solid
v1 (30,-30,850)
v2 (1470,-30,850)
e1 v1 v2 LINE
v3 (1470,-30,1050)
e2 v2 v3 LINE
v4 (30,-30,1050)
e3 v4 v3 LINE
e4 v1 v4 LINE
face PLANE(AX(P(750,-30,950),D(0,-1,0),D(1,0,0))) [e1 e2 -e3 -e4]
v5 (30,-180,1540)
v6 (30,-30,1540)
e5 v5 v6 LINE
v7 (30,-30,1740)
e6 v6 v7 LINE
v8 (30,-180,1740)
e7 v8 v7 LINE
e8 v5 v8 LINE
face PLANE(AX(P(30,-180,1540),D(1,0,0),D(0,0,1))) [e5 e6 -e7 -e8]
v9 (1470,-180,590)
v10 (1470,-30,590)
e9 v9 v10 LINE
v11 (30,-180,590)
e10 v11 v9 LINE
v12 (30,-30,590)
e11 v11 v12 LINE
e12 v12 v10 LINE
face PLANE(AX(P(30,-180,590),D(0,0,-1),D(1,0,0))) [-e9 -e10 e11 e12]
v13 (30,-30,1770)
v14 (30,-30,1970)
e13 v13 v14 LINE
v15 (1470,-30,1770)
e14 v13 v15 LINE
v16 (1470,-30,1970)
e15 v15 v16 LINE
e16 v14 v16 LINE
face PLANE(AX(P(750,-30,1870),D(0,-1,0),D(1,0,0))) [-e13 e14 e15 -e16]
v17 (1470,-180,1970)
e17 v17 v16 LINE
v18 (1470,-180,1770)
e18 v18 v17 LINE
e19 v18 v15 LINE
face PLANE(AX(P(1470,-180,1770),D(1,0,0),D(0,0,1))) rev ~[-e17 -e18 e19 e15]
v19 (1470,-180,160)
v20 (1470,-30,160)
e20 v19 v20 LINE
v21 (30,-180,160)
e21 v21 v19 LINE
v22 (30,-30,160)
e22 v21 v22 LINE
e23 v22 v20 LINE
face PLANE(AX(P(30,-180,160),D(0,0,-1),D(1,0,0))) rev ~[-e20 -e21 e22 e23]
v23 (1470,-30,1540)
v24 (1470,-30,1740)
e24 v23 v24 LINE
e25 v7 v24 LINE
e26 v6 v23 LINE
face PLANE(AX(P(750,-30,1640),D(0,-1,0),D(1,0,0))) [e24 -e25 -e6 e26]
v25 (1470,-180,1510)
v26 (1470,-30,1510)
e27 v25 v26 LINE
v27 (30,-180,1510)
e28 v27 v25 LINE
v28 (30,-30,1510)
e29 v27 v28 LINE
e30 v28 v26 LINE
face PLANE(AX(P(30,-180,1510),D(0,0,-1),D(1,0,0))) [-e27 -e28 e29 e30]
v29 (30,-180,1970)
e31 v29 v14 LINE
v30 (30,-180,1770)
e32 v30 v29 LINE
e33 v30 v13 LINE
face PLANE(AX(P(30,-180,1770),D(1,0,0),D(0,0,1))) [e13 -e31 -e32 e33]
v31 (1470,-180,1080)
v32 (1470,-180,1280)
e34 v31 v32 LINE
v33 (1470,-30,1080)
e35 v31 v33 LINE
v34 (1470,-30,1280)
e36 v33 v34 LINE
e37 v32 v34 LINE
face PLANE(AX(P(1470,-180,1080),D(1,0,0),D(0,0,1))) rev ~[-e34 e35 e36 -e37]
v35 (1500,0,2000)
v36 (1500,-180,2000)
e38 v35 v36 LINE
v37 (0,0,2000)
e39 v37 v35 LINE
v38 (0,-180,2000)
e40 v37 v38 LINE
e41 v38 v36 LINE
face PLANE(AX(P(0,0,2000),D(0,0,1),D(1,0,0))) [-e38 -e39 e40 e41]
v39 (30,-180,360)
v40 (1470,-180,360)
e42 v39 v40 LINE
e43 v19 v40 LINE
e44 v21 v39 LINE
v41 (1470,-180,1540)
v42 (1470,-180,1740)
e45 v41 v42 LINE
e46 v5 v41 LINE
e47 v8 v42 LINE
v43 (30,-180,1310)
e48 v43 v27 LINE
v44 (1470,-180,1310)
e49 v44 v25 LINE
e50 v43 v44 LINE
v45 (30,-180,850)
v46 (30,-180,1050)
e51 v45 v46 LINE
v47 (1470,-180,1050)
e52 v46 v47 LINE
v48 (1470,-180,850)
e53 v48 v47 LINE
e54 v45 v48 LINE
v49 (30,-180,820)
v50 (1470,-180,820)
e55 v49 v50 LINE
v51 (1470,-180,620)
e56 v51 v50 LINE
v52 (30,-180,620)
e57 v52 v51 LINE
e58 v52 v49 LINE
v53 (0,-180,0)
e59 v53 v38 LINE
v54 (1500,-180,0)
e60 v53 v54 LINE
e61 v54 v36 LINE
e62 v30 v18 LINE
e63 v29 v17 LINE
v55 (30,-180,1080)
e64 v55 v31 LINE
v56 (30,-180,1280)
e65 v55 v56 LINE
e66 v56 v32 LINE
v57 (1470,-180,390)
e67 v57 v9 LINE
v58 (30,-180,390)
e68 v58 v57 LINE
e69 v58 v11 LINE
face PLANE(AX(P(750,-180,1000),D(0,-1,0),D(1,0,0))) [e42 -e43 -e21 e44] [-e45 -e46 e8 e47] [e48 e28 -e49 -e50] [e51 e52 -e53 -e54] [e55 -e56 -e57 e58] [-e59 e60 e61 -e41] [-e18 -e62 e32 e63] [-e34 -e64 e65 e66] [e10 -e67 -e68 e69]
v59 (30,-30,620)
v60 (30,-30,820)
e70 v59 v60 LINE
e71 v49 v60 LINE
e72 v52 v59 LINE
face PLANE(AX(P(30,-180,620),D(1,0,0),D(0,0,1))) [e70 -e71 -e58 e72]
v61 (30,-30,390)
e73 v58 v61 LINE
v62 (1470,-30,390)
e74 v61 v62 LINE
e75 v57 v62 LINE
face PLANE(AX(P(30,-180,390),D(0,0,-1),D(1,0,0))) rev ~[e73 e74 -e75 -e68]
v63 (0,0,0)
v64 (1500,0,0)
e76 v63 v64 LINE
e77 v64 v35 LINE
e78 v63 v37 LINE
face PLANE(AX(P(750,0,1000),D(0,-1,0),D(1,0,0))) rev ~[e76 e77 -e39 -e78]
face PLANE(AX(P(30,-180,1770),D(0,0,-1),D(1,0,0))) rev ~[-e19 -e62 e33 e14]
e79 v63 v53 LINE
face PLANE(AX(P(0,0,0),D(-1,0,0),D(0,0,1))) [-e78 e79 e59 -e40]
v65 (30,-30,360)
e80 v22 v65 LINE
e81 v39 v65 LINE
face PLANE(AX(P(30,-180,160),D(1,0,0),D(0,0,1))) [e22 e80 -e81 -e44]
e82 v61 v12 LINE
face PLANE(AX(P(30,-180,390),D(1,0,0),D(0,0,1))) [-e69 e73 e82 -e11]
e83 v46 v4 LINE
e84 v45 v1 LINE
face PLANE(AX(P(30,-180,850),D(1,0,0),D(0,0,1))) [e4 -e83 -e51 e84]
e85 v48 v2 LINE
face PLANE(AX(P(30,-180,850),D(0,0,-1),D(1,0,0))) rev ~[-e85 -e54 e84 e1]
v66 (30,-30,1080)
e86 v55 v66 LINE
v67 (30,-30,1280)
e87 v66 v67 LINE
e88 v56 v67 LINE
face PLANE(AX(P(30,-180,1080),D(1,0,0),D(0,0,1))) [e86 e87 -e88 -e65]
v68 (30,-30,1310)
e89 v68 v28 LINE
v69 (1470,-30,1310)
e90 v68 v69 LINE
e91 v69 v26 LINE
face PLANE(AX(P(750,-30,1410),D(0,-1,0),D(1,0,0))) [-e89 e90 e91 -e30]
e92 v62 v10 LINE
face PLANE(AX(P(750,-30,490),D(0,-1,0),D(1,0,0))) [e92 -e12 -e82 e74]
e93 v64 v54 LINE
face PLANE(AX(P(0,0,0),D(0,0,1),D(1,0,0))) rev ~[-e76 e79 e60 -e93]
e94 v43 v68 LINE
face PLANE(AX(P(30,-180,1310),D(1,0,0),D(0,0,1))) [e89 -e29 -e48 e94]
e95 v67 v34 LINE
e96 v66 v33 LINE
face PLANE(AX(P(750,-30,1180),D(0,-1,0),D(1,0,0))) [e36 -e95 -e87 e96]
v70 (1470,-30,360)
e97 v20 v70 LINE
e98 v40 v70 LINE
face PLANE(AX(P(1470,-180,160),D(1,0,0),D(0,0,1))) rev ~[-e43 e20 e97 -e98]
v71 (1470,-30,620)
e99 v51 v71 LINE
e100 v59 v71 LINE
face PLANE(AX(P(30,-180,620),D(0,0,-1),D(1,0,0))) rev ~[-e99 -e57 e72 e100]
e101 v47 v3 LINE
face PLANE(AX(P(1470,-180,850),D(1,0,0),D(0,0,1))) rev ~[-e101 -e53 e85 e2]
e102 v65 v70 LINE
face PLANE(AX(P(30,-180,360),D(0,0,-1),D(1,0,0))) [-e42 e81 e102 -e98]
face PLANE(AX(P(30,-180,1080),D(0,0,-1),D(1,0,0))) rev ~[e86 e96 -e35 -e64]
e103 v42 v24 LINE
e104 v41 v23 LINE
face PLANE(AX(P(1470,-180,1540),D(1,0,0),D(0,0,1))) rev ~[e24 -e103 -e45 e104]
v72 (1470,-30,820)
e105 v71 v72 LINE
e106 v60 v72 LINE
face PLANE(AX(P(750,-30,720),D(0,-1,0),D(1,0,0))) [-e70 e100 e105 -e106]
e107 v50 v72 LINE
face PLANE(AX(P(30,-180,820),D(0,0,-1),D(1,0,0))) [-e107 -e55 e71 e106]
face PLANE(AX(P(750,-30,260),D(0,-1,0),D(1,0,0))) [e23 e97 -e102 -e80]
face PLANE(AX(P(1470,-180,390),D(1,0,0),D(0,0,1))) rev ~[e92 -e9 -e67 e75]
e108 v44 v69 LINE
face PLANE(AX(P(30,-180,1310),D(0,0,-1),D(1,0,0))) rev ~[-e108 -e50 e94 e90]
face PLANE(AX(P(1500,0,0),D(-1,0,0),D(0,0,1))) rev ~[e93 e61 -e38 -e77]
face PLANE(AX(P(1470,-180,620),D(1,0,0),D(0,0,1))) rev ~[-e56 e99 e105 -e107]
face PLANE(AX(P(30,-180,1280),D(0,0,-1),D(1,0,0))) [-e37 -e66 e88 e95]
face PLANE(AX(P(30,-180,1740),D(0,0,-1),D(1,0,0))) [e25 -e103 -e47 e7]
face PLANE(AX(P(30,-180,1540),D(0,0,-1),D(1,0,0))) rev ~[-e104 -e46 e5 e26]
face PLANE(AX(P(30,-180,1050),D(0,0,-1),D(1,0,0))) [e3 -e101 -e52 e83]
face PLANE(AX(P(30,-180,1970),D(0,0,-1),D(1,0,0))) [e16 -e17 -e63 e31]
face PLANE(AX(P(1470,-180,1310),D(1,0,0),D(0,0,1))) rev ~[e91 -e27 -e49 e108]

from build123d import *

# Parameters (mm, degrees)
F0_W     = 1500
F0_H     = 2000
F1_DEPTH = 180
F2_W     = 1440
F2_H     = 200
F3_DEPTH = 150


with BuildPart() as f1:
    # F0 (on Front) → F1 (new body)
    with BuildSketch(Plane.XZ):
        with Locations((750, 1000)):
            Rectangle(F0_W, F0_H)
    extrude(amount=F1_DEPTH)

    # F2 (on face) → F3 (cut)
    with BuildSketch(Plane.XZ.offset(180)):
        with Locations((750, 1870)):
            Rectangle(F2_W, F2_H)
        with Locations((750, 1640)):
            Rectangle(F2_W, F2_H)
        with Locations((750, 1410)):
            Rectangle(F2_W, F2_H)
        with Locations((750, 1180)):
            Rectangle(F2_W, F2_H)
        with Locations((750, 950)):
            Rectangle(F2_W, F2_H)
        with Locations((750, 720)):
            Rectangle(F2_W, F2_H)
        with Locations((750, 490)):
            Rectangle(F2_W, F2_H)
        with Locations((750, 260)):
            Rectangle(F2_W, F2_H)
    extrude(amount=-F3_DEPTH, mode=Mode.SUBTRACT)


solid = f1.part
